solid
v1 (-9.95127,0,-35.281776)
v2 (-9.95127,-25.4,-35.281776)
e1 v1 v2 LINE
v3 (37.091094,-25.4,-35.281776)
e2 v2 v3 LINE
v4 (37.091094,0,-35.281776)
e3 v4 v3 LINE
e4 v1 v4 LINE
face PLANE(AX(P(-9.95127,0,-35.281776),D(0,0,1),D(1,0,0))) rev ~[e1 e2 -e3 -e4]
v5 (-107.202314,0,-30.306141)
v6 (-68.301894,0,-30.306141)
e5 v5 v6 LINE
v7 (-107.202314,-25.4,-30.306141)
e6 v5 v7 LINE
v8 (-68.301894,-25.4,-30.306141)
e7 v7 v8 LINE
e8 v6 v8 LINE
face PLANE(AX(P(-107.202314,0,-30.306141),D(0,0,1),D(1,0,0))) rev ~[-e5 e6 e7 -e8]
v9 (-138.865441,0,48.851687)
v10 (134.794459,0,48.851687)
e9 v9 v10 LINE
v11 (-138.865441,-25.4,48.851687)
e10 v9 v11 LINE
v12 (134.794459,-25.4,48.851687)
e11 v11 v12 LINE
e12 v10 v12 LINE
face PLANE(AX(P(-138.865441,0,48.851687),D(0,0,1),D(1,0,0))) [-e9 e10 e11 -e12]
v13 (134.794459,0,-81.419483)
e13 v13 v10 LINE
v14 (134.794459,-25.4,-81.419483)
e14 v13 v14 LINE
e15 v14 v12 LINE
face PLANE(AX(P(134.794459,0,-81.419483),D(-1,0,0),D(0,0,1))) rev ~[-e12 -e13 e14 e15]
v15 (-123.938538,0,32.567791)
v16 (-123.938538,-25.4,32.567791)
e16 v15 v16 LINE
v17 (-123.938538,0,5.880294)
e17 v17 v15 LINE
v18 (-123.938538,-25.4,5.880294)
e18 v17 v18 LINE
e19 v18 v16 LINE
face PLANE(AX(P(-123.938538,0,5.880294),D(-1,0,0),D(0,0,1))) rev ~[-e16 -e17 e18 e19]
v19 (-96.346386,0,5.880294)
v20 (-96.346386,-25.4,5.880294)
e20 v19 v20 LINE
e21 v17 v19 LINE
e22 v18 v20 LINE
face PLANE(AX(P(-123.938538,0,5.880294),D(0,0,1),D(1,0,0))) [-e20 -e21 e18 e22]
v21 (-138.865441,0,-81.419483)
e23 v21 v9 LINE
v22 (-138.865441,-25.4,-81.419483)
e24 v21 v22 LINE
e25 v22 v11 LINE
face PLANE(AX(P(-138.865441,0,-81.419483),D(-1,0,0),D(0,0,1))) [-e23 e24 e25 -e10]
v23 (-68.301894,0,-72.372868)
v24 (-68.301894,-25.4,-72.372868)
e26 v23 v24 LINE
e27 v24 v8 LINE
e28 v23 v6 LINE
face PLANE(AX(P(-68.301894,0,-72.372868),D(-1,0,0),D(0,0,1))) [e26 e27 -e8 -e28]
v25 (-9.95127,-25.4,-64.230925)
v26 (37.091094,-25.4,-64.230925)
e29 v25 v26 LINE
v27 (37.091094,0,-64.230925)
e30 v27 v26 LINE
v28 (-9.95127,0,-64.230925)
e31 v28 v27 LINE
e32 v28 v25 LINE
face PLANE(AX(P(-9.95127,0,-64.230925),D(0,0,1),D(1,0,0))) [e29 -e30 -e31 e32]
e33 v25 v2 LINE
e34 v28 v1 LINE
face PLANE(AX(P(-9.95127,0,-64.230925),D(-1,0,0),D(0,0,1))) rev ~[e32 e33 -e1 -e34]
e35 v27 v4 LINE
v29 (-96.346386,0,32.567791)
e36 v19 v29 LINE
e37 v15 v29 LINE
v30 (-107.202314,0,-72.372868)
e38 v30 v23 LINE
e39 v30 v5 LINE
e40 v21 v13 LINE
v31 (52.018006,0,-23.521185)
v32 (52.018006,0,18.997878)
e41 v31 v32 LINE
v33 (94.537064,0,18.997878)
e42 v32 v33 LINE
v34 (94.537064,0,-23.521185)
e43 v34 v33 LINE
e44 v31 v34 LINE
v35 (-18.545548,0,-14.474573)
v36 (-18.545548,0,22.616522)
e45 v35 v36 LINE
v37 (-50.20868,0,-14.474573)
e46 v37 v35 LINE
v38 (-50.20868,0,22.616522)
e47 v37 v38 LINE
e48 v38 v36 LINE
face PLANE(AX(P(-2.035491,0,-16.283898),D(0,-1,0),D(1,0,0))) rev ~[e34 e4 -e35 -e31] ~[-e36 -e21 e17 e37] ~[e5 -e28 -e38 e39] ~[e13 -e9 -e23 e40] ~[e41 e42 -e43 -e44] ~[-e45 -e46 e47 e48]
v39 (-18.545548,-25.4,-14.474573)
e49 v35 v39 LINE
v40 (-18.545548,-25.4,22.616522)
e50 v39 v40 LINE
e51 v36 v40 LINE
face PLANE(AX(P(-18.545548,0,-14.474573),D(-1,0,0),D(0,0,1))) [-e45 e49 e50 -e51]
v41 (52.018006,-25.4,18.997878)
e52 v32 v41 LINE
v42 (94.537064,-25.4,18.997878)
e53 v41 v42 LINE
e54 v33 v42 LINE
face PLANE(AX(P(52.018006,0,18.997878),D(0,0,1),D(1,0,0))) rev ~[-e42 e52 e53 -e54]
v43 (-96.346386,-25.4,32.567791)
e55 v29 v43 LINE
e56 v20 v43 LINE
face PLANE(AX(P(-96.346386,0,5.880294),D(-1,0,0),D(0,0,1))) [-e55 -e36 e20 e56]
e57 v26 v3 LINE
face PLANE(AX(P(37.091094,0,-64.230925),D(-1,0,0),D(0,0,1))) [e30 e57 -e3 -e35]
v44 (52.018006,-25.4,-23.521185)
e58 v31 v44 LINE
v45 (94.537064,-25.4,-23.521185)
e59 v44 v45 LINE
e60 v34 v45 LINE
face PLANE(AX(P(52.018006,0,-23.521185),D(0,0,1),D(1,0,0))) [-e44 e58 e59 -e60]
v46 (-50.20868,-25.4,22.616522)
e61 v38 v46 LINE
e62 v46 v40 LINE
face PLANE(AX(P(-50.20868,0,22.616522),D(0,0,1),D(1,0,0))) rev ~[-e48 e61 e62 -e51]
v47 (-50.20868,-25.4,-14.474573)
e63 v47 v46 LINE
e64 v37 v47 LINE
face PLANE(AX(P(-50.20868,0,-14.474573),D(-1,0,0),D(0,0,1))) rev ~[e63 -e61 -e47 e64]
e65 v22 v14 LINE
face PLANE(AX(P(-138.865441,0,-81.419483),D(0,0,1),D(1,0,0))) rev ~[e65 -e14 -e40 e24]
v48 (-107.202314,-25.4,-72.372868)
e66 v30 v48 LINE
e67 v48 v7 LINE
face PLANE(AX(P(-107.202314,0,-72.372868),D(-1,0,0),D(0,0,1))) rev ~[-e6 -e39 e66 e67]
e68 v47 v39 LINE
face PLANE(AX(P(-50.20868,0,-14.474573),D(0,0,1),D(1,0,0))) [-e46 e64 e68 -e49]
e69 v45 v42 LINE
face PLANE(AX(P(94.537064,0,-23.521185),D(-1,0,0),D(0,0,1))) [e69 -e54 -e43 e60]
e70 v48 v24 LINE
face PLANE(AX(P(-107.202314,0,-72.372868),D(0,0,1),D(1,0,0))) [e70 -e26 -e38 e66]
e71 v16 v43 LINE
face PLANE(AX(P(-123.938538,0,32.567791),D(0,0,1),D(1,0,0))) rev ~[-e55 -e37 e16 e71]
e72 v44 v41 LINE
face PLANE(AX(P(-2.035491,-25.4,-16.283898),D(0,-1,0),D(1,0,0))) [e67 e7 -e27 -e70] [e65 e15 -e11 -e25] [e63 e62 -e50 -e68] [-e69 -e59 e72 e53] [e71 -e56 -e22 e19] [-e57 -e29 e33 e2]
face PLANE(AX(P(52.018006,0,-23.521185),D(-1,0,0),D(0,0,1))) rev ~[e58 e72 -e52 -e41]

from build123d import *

# Parameters (mm, degrees)
F0_W     = 273.6599
F0_H     = 130.27117
F0_W_2   = 38.90042
F0_H_2   = 42.066727
F0_W_3   = 47.042365
F0_H_3   = 28.949149
F0_W_4   = 31.663131
F0_H_4   = 37.091095
F0_W_5   = 27.592152
F0_H_5   = 26.687497
F0_W_6   = 42.519059
F0_H_6   = 42.519063
F1_DEPTH = 25.4


with BuildPart() as f1:
    # F0 (on Front) → F1 (new body)
    with BuildSketch(Plane.XZ):
        with Locations((-2.035491, -16.283898)):
            Rectangle(F0_W, F0_H)
        with Locations((-87.752104, -51.339505)):
            Rectangle(F0_W_2, F0_H_2, mode=Mode.SUBTRACT)
        with Locations((13.569912, -49.756351)):
            Rectangle(F0_W_3, F0_H_3, mode=Mode.SUBTRACT)
        with Locations((-34.377114, 4.070974)):
            Rectangle(F0_W_4, F0_H_4, mode=Mode.SUBTRACT)
        with Locations((-110.142462, 19.224043)):
            Rectangle(F0_W_5, F0_H_5, mode=Mode.SUBTRACT)
        with Locations((73.277535, -2.261653)):
            Rectangle(F0_W_6, F0_H_6, mode=Mode.SUBTRACT)
    extrude(amount=F1_DEPTH)


solid = f1.part
